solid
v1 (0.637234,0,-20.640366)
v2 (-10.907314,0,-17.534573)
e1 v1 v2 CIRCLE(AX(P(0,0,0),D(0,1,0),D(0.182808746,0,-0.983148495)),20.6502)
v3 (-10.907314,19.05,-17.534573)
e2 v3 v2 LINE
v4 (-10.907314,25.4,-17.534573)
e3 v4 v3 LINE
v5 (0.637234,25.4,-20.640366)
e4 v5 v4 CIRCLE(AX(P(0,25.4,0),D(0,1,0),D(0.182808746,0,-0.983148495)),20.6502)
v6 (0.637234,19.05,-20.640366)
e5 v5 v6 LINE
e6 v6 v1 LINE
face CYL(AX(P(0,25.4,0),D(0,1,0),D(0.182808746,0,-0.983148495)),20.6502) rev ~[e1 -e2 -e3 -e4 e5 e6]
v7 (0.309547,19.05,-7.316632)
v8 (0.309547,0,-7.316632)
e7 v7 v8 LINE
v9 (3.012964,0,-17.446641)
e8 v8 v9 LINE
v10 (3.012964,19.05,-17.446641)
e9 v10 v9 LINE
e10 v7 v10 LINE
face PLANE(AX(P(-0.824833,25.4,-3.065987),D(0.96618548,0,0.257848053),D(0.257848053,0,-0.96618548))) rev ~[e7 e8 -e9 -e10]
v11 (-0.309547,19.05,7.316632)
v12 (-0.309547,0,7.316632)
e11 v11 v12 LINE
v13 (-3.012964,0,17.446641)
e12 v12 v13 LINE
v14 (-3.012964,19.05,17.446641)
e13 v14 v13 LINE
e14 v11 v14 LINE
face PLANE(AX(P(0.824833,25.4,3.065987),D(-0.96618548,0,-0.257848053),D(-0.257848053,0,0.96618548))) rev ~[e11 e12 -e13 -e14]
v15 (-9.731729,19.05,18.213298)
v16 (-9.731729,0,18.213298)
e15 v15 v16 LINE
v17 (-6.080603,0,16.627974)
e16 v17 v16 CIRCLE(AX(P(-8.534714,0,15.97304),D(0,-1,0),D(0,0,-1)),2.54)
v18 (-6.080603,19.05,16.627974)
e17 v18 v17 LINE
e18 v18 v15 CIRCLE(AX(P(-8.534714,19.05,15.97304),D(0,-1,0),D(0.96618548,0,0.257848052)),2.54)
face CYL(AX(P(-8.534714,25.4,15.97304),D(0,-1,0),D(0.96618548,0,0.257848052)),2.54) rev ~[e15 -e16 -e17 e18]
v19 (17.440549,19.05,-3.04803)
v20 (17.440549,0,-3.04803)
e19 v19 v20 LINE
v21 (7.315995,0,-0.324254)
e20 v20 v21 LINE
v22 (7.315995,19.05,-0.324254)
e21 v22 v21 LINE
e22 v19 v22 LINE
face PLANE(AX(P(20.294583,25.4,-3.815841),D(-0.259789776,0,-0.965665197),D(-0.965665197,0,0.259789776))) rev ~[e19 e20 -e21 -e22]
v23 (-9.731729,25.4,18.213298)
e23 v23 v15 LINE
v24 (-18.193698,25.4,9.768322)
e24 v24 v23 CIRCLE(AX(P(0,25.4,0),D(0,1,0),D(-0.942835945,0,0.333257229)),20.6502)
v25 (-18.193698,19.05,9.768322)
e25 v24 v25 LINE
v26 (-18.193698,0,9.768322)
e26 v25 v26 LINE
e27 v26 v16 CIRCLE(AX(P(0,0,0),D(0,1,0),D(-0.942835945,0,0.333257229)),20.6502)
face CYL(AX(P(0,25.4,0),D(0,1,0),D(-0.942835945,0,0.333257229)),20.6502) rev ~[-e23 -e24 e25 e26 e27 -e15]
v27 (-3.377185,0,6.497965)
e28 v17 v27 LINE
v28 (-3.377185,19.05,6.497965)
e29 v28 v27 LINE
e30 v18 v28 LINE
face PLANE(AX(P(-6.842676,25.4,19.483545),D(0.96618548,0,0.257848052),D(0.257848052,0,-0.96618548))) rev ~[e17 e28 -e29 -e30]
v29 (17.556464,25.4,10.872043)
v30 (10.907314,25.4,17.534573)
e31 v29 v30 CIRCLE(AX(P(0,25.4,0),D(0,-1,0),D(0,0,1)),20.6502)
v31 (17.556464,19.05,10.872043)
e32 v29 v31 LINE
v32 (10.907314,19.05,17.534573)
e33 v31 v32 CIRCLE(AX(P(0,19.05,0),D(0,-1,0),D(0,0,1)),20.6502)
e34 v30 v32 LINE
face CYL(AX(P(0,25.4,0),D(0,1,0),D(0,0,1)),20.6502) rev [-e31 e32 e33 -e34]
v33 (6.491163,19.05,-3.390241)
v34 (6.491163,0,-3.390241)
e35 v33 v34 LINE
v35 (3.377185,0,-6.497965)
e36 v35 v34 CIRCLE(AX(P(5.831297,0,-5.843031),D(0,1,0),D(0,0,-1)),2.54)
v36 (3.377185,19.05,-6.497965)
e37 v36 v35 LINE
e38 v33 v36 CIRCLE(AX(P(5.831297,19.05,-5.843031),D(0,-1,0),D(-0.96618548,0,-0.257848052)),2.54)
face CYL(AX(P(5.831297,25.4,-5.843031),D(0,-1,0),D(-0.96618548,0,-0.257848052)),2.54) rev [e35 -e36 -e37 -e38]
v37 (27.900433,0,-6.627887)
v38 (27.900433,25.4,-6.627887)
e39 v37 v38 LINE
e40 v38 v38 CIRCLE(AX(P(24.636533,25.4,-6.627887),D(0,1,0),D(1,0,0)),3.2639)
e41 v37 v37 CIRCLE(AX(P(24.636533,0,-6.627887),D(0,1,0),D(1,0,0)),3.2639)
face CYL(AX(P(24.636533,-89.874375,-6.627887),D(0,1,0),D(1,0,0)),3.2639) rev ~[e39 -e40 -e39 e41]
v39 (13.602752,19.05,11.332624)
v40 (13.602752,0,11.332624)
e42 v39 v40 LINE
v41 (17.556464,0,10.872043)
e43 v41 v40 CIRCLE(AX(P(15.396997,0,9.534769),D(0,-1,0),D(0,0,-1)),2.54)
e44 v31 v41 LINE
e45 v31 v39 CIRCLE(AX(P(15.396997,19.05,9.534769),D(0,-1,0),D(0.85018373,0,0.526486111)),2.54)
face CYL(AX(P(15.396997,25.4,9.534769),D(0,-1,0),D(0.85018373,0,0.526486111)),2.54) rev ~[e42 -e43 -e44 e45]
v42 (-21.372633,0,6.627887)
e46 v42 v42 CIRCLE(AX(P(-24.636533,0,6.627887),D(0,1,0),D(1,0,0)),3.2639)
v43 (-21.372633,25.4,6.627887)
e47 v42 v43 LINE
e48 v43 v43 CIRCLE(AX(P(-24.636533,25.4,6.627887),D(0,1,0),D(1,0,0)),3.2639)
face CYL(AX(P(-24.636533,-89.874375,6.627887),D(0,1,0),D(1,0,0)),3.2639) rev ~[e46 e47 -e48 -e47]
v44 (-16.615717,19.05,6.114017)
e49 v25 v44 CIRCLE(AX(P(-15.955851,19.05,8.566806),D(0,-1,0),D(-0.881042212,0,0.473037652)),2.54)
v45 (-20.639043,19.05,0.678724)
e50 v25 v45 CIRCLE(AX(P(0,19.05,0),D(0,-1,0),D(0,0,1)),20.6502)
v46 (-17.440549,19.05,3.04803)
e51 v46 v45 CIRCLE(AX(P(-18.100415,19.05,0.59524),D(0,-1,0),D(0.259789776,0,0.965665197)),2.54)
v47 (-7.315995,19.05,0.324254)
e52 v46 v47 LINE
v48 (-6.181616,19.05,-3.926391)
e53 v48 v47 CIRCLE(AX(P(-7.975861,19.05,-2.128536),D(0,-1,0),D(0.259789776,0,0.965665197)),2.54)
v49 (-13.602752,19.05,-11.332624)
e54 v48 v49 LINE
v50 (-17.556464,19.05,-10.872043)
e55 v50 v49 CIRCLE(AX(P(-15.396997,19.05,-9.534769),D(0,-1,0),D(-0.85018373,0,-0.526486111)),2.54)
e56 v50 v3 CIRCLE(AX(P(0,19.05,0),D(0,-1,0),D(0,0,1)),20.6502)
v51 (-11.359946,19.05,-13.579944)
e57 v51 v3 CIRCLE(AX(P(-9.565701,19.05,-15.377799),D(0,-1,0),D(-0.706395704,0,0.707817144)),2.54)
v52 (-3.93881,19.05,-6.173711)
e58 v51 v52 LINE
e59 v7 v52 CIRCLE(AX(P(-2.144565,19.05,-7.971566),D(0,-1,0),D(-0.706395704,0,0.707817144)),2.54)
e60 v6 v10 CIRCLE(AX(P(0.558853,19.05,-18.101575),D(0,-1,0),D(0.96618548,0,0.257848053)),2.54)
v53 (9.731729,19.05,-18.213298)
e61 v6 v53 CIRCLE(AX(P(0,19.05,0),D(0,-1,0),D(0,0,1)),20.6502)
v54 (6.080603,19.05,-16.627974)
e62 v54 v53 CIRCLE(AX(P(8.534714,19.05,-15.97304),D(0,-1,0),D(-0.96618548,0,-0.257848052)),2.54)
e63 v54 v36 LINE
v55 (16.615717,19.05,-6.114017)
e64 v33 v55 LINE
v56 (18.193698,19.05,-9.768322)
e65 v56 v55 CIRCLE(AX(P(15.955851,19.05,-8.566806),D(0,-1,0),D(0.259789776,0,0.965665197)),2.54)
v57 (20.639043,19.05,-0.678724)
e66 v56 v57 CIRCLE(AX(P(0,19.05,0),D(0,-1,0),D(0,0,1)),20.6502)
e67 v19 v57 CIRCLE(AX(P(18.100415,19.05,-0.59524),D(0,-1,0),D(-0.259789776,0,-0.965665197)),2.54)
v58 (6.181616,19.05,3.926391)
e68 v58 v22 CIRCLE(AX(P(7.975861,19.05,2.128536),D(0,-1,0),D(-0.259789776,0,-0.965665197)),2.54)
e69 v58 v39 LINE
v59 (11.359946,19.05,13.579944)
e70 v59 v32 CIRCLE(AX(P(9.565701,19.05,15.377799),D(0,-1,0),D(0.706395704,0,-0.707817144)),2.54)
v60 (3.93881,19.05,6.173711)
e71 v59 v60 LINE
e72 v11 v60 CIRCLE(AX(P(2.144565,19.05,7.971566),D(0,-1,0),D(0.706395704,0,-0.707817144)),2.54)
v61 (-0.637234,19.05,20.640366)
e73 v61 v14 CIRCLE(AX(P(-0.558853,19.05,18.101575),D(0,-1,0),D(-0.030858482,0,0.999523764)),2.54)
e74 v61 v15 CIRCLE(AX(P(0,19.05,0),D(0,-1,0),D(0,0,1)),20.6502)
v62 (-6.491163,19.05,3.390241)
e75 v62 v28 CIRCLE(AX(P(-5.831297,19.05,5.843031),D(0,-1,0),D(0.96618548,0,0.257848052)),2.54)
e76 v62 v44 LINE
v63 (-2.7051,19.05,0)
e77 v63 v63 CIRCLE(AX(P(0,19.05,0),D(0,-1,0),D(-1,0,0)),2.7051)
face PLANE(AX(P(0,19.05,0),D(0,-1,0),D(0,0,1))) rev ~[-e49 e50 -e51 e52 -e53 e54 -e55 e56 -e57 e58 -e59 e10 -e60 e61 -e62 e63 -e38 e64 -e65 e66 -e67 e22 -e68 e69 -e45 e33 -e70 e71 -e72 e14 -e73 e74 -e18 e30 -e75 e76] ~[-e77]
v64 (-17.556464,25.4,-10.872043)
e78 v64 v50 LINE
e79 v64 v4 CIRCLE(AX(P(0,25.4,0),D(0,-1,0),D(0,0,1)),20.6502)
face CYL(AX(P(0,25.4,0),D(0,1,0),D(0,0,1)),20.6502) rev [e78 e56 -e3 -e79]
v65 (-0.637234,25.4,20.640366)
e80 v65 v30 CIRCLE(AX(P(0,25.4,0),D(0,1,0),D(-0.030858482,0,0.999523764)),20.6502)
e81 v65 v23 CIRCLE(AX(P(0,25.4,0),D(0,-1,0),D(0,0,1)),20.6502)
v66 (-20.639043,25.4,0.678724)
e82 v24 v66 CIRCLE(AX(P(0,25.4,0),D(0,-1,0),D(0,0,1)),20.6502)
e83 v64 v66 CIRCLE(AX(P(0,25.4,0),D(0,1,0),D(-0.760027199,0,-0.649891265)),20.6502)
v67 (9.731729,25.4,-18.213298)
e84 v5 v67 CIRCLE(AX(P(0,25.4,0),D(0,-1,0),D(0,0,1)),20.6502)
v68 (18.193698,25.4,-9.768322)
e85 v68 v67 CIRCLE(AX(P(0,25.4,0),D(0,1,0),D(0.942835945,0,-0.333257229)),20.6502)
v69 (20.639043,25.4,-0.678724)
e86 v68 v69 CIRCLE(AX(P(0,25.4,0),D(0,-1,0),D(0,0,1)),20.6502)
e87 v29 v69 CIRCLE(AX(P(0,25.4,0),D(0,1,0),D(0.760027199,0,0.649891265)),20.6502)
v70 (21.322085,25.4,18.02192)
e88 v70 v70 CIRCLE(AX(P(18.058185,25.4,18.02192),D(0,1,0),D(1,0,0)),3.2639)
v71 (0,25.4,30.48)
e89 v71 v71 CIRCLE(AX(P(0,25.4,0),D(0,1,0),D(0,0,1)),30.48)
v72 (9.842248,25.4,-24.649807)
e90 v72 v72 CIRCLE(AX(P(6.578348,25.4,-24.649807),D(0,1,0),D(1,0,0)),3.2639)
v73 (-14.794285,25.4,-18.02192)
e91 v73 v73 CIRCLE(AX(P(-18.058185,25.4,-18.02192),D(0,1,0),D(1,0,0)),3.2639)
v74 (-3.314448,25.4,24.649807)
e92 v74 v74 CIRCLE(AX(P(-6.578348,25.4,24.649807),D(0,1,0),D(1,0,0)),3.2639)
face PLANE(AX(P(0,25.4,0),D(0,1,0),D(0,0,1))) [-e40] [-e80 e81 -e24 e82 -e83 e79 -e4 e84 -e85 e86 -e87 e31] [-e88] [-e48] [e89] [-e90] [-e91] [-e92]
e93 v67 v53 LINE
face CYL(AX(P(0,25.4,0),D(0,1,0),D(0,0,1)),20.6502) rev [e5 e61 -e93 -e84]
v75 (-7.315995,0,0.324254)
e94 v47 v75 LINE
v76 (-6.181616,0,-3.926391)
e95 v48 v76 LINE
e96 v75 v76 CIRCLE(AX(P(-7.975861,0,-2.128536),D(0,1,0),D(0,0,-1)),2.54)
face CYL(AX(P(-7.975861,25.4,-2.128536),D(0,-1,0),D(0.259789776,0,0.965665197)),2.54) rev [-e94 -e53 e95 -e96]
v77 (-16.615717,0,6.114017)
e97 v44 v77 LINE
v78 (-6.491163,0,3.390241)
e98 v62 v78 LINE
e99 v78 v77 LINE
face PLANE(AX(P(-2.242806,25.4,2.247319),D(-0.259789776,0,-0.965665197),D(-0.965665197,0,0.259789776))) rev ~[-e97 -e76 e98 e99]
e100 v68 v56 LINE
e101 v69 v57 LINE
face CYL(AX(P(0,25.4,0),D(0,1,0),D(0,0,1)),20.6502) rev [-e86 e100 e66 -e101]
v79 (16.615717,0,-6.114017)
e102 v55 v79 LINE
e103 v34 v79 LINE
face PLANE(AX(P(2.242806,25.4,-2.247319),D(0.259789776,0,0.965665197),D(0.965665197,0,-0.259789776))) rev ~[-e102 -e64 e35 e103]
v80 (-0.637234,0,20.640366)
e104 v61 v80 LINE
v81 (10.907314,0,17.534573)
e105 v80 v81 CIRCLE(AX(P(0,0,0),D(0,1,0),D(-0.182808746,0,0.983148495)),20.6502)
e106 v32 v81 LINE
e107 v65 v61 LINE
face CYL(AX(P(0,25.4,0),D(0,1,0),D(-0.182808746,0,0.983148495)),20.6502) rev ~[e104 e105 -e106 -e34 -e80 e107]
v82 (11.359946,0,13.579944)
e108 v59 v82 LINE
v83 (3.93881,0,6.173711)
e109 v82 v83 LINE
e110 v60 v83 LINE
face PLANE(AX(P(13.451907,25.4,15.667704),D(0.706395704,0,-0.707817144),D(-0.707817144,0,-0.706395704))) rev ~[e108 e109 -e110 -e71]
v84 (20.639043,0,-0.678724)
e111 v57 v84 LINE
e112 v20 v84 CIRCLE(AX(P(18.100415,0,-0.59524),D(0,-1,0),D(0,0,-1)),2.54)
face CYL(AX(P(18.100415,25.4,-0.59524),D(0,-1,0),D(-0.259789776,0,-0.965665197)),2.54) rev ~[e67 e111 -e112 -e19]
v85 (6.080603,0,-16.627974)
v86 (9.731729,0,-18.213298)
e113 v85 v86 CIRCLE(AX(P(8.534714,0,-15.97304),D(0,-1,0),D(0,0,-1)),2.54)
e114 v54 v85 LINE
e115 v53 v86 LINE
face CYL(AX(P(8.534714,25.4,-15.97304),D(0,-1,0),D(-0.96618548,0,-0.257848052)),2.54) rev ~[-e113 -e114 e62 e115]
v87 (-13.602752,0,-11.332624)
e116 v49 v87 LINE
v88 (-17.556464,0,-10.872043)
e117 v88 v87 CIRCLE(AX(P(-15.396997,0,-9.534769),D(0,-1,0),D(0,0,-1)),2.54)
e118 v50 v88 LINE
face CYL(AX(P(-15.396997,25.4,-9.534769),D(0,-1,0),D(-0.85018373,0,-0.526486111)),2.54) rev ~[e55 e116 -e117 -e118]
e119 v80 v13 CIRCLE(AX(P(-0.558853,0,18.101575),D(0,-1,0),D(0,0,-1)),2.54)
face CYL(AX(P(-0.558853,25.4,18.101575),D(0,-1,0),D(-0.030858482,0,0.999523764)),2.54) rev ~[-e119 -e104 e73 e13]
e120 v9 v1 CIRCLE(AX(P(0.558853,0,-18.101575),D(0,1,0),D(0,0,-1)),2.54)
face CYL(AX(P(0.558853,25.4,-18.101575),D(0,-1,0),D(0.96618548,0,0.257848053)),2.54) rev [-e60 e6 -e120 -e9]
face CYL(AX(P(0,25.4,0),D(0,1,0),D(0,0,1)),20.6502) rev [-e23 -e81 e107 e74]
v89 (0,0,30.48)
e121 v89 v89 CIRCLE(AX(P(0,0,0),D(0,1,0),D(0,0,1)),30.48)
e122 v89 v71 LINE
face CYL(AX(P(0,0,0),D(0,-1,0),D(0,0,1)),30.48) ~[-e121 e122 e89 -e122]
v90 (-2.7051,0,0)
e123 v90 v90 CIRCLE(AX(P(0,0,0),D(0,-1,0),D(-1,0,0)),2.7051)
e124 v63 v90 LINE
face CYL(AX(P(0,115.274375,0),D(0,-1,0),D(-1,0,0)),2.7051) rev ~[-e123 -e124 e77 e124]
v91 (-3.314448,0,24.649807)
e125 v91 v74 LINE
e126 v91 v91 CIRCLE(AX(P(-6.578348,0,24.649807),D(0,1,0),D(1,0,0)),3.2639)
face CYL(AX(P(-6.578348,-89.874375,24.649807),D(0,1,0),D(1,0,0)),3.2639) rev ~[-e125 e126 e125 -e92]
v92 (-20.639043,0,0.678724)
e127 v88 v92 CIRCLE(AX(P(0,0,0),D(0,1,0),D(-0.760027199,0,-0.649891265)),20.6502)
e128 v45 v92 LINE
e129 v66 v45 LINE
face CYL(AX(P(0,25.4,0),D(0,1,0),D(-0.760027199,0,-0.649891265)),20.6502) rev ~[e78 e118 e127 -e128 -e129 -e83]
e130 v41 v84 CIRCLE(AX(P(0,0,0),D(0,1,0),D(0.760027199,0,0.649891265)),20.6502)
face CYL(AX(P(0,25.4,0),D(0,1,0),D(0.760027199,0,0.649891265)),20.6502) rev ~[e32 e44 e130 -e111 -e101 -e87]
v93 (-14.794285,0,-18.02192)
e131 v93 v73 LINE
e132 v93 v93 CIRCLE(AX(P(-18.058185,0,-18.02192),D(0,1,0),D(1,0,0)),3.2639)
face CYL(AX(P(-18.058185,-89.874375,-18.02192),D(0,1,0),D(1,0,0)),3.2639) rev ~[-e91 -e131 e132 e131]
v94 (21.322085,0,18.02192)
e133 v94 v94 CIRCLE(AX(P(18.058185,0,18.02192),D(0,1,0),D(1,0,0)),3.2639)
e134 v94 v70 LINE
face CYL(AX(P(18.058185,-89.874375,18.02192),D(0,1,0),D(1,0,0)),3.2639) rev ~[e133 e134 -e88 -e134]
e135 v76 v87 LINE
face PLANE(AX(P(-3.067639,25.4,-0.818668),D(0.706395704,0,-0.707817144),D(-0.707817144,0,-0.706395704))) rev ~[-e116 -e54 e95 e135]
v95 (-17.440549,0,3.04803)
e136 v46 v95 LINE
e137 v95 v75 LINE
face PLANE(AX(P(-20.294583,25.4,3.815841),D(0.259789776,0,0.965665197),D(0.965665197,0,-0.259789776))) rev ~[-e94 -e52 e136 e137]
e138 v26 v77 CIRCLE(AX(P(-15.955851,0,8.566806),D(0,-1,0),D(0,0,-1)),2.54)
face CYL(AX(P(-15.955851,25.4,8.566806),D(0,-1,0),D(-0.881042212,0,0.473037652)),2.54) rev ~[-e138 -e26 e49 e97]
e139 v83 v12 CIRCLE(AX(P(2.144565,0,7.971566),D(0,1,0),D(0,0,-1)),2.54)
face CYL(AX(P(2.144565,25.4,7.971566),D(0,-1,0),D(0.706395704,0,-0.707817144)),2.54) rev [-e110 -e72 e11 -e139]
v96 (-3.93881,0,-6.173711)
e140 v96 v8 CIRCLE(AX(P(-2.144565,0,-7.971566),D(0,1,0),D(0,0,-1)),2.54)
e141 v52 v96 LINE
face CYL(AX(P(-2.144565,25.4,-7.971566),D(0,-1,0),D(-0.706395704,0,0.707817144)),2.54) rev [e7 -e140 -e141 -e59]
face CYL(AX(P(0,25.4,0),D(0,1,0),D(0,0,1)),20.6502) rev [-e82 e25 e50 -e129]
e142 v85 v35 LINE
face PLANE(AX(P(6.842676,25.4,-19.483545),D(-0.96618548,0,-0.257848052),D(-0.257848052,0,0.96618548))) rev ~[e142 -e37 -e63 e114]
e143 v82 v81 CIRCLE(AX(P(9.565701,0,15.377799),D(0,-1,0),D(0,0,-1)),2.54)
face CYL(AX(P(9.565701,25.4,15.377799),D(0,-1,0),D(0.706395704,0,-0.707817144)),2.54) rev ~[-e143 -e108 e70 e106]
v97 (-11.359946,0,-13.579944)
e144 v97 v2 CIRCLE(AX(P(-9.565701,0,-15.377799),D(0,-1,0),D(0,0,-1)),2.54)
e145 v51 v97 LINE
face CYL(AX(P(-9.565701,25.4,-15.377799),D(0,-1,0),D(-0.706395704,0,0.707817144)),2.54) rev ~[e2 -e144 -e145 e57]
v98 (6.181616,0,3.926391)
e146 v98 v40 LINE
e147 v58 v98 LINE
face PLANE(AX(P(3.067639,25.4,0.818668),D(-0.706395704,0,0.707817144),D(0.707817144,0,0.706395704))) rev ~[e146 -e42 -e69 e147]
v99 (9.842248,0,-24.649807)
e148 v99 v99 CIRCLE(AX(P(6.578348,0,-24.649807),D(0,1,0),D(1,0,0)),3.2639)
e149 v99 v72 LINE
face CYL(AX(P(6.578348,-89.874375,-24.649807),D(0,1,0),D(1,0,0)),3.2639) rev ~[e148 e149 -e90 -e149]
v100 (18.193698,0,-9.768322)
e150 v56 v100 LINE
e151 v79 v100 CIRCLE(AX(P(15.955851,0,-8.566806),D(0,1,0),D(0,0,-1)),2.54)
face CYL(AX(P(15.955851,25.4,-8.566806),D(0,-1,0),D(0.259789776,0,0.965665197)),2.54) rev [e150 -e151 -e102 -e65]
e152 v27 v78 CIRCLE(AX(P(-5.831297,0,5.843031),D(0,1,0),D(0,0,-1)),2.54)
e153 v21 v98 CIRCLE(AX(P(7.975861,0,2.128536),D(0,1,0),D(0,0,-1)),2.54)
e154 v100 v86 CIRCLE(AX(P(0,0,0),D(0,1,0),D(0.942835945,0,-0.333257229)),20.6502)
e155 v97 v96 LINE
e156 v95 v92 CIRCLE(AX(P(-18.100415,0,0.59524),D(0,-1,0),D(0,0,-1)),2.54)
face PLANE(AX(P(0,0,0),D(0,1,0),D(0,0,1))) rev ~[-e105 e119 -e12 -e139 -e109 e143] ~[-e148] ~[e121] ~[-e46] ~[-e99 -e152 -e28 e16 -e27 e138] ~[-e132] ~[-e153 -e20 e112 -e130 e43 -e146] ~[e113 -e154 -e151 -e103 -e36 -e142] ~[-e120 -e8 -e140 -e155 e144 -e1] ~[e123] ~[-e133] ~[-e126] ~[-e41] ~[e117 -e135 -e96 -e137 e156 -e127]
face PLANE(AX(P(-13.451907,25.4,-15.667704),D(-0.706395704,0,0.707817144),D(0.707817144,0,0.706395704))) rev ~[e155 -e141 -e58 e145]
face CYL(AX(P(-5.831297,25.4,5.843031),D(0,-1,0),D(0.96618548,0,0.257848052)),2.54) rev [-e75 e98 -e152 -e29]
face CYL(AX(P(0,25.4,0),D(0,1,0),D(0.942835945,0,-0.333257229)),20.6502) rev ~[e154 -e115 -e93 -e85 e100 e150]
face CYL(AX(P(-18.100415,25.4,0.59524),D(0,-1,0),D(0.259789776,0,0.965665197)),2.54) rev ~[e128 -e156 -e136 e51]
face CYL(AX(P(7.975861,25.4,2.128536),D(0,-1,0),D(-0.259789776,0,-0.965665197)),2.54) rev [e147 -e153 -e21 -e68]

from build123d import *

# Parameters (mm, degrees)
SKETCH1_R                = 30.48
BOSS_EXTRUDE1_DEPTH      = 25.4
F_1_4_28_TAPPED_HOLE1_D  = 5.4102
F_1_4_CLEARANCE_HOLE2_D  = 6.5278
CUT_EXTRUDE1_DEPTH       = 51.032197633
FILLET1_R                = 2.54
CIRPATTERN1_COUNT        = 6
FILLET1_OF_CIRPATTERN1_R = 2.54
SKETCH8_R                = 20.6502
CUT_EXTRUDE2_DEPTH       = 6.35


with BuildPart() as part:
    # Sketch1 → Boss-Extrude1 (new body)
    with BuildSketch(Plane(origin=(0, 0, 0), x_dir=(1, 0, 0), z_dir=(0, 1, 0))):
        with Locations(Location((0, 0, 0), (0, 0, 270))):
            Circle(SKETCH1_R)
    extrude(amount=BOSS_EXTRUDE1_DEPTH)

    # 1/4-28 Tapped Hole1 (through all)
    with Locations(Plane(origin=(0, 25.4, 0), x_dir=(1, 0, 0), z_dir=(0, 1, 0))):
        with Locations((0, 0)):
            Hole(F_1_4_28_TAPPED_HOLE1_D / 2)

    # 1/4 Clearance Hole2 (through all)
    with Locations(Plane(origin=(0, 0, 0), x_dir=(-1, 0, 0), z_dir=(0, -1, 0))):
        with Locations((269.174368783, -128.772908827), (-18.058184892, -18.021920393), (6.578348439, -24.649807059), (-24.636533331, 6.627886666), (-6.578348439, 24.649807059), (18.058184892, 18.021920393), (24.636533331, -6.627886666)):
            Hole(F_1_4_CLEARANCE_HOLE2_D / 2)

    # Sketch7 → Cut-Extrude1 (cut, through all)
    with BuildSketch(Plane(origin=(0, 25.4, 0), x_dir=(1, 0, 0), z_dir=(0, 1, 0))):
        with BuildLine():
            Line((-13.451907307, 15.667704039), (-0.82483254, 3.065987))
            Line((-0.82483254, 3.065987), (3.775037164, 20.302213043))
            ThreePointArc((3.775037164, 20.302213043), (-5.364710837, 19.941179445), (-13.451907307, 15.667704039))
        make_face()
    cut_extrude1 = extrude(amount=-CUT_EXTRUDE1_DEPTH, mode=Mode.SUBTRACT)

    # Fillet1
    fillet1_edges = [part.edges().sort_by_distance(p)[0] for p in [
        (-13.451907307, 12.7, -15.667704039),
        (3.775037164, 12.7, -20.302213043),
        (-0.82483254, 12.7, -3.065987),
    ]]
    fillet(fillet1_edges, radius=FILLET1_R)

    # CirPattern1: Cut-Extrude1 ×6 about axis
    cirpattern1_axis = Axis((0, 0, 0), (0, 1, 0))
    for i in range(1, CIRPATTERN1_COUNT):
        add(cut_extrude1.rotate(cirpattern1_axis, i * 360 / CIRPATTERN1_COUNT), mode=Mode.SUBTRACT)

    # Fillet1 of CirPattern1
    fillet1_of_cirpattern1_edges = [part.edges().sort_by_distance(p)[0] for p in [
        (-20.29458337, 12.7, 3.815841438),
        (-15.694713666, 12.7, -13.420384606),
        (-3.067638899, 12.7, -0.818667567),
        (-6.842676063, 12.7, 19.483545477),
        (-19.46975083, 12.7, 6.881828437),
        (-2.24280636, 12.7, 2.247319433),
        (13.451907307, 12.7, 15.667704039),
        (-3.775037164, 12.7, 20.302213043),
        (0.82483254, 12.7, 3.065987),
        (20.29458337, 12.7, -3.815841438),
        (15.694713666, 12.7, 13.420384606),
        (3.067638899, 12.7, 0.818667567),
        (6.842676063, 12.7, -19.483545477),
        (19.46975083, 12.7, -6.881828437),
        (2.24280636, 12.7, -2.247319433),
    ]]
    fillet(fillet1_of_cirpattern1_edges, radius=FILLET1_OF_CIRPATTERN1_R)

    # Sketch8 → Cut-Extrude2 (cut)
    with BuildSketch(Plane.XZ.offset(-25.4)):
        with Locations(Location((0, 0, 0), (0, 0, 90))):
            Circle(SKETCH8_R)
    extrude(amount=CUT_EXTRUDE2_DEPTH, mode=Mode.SUBTRACT)


solid = part.part
